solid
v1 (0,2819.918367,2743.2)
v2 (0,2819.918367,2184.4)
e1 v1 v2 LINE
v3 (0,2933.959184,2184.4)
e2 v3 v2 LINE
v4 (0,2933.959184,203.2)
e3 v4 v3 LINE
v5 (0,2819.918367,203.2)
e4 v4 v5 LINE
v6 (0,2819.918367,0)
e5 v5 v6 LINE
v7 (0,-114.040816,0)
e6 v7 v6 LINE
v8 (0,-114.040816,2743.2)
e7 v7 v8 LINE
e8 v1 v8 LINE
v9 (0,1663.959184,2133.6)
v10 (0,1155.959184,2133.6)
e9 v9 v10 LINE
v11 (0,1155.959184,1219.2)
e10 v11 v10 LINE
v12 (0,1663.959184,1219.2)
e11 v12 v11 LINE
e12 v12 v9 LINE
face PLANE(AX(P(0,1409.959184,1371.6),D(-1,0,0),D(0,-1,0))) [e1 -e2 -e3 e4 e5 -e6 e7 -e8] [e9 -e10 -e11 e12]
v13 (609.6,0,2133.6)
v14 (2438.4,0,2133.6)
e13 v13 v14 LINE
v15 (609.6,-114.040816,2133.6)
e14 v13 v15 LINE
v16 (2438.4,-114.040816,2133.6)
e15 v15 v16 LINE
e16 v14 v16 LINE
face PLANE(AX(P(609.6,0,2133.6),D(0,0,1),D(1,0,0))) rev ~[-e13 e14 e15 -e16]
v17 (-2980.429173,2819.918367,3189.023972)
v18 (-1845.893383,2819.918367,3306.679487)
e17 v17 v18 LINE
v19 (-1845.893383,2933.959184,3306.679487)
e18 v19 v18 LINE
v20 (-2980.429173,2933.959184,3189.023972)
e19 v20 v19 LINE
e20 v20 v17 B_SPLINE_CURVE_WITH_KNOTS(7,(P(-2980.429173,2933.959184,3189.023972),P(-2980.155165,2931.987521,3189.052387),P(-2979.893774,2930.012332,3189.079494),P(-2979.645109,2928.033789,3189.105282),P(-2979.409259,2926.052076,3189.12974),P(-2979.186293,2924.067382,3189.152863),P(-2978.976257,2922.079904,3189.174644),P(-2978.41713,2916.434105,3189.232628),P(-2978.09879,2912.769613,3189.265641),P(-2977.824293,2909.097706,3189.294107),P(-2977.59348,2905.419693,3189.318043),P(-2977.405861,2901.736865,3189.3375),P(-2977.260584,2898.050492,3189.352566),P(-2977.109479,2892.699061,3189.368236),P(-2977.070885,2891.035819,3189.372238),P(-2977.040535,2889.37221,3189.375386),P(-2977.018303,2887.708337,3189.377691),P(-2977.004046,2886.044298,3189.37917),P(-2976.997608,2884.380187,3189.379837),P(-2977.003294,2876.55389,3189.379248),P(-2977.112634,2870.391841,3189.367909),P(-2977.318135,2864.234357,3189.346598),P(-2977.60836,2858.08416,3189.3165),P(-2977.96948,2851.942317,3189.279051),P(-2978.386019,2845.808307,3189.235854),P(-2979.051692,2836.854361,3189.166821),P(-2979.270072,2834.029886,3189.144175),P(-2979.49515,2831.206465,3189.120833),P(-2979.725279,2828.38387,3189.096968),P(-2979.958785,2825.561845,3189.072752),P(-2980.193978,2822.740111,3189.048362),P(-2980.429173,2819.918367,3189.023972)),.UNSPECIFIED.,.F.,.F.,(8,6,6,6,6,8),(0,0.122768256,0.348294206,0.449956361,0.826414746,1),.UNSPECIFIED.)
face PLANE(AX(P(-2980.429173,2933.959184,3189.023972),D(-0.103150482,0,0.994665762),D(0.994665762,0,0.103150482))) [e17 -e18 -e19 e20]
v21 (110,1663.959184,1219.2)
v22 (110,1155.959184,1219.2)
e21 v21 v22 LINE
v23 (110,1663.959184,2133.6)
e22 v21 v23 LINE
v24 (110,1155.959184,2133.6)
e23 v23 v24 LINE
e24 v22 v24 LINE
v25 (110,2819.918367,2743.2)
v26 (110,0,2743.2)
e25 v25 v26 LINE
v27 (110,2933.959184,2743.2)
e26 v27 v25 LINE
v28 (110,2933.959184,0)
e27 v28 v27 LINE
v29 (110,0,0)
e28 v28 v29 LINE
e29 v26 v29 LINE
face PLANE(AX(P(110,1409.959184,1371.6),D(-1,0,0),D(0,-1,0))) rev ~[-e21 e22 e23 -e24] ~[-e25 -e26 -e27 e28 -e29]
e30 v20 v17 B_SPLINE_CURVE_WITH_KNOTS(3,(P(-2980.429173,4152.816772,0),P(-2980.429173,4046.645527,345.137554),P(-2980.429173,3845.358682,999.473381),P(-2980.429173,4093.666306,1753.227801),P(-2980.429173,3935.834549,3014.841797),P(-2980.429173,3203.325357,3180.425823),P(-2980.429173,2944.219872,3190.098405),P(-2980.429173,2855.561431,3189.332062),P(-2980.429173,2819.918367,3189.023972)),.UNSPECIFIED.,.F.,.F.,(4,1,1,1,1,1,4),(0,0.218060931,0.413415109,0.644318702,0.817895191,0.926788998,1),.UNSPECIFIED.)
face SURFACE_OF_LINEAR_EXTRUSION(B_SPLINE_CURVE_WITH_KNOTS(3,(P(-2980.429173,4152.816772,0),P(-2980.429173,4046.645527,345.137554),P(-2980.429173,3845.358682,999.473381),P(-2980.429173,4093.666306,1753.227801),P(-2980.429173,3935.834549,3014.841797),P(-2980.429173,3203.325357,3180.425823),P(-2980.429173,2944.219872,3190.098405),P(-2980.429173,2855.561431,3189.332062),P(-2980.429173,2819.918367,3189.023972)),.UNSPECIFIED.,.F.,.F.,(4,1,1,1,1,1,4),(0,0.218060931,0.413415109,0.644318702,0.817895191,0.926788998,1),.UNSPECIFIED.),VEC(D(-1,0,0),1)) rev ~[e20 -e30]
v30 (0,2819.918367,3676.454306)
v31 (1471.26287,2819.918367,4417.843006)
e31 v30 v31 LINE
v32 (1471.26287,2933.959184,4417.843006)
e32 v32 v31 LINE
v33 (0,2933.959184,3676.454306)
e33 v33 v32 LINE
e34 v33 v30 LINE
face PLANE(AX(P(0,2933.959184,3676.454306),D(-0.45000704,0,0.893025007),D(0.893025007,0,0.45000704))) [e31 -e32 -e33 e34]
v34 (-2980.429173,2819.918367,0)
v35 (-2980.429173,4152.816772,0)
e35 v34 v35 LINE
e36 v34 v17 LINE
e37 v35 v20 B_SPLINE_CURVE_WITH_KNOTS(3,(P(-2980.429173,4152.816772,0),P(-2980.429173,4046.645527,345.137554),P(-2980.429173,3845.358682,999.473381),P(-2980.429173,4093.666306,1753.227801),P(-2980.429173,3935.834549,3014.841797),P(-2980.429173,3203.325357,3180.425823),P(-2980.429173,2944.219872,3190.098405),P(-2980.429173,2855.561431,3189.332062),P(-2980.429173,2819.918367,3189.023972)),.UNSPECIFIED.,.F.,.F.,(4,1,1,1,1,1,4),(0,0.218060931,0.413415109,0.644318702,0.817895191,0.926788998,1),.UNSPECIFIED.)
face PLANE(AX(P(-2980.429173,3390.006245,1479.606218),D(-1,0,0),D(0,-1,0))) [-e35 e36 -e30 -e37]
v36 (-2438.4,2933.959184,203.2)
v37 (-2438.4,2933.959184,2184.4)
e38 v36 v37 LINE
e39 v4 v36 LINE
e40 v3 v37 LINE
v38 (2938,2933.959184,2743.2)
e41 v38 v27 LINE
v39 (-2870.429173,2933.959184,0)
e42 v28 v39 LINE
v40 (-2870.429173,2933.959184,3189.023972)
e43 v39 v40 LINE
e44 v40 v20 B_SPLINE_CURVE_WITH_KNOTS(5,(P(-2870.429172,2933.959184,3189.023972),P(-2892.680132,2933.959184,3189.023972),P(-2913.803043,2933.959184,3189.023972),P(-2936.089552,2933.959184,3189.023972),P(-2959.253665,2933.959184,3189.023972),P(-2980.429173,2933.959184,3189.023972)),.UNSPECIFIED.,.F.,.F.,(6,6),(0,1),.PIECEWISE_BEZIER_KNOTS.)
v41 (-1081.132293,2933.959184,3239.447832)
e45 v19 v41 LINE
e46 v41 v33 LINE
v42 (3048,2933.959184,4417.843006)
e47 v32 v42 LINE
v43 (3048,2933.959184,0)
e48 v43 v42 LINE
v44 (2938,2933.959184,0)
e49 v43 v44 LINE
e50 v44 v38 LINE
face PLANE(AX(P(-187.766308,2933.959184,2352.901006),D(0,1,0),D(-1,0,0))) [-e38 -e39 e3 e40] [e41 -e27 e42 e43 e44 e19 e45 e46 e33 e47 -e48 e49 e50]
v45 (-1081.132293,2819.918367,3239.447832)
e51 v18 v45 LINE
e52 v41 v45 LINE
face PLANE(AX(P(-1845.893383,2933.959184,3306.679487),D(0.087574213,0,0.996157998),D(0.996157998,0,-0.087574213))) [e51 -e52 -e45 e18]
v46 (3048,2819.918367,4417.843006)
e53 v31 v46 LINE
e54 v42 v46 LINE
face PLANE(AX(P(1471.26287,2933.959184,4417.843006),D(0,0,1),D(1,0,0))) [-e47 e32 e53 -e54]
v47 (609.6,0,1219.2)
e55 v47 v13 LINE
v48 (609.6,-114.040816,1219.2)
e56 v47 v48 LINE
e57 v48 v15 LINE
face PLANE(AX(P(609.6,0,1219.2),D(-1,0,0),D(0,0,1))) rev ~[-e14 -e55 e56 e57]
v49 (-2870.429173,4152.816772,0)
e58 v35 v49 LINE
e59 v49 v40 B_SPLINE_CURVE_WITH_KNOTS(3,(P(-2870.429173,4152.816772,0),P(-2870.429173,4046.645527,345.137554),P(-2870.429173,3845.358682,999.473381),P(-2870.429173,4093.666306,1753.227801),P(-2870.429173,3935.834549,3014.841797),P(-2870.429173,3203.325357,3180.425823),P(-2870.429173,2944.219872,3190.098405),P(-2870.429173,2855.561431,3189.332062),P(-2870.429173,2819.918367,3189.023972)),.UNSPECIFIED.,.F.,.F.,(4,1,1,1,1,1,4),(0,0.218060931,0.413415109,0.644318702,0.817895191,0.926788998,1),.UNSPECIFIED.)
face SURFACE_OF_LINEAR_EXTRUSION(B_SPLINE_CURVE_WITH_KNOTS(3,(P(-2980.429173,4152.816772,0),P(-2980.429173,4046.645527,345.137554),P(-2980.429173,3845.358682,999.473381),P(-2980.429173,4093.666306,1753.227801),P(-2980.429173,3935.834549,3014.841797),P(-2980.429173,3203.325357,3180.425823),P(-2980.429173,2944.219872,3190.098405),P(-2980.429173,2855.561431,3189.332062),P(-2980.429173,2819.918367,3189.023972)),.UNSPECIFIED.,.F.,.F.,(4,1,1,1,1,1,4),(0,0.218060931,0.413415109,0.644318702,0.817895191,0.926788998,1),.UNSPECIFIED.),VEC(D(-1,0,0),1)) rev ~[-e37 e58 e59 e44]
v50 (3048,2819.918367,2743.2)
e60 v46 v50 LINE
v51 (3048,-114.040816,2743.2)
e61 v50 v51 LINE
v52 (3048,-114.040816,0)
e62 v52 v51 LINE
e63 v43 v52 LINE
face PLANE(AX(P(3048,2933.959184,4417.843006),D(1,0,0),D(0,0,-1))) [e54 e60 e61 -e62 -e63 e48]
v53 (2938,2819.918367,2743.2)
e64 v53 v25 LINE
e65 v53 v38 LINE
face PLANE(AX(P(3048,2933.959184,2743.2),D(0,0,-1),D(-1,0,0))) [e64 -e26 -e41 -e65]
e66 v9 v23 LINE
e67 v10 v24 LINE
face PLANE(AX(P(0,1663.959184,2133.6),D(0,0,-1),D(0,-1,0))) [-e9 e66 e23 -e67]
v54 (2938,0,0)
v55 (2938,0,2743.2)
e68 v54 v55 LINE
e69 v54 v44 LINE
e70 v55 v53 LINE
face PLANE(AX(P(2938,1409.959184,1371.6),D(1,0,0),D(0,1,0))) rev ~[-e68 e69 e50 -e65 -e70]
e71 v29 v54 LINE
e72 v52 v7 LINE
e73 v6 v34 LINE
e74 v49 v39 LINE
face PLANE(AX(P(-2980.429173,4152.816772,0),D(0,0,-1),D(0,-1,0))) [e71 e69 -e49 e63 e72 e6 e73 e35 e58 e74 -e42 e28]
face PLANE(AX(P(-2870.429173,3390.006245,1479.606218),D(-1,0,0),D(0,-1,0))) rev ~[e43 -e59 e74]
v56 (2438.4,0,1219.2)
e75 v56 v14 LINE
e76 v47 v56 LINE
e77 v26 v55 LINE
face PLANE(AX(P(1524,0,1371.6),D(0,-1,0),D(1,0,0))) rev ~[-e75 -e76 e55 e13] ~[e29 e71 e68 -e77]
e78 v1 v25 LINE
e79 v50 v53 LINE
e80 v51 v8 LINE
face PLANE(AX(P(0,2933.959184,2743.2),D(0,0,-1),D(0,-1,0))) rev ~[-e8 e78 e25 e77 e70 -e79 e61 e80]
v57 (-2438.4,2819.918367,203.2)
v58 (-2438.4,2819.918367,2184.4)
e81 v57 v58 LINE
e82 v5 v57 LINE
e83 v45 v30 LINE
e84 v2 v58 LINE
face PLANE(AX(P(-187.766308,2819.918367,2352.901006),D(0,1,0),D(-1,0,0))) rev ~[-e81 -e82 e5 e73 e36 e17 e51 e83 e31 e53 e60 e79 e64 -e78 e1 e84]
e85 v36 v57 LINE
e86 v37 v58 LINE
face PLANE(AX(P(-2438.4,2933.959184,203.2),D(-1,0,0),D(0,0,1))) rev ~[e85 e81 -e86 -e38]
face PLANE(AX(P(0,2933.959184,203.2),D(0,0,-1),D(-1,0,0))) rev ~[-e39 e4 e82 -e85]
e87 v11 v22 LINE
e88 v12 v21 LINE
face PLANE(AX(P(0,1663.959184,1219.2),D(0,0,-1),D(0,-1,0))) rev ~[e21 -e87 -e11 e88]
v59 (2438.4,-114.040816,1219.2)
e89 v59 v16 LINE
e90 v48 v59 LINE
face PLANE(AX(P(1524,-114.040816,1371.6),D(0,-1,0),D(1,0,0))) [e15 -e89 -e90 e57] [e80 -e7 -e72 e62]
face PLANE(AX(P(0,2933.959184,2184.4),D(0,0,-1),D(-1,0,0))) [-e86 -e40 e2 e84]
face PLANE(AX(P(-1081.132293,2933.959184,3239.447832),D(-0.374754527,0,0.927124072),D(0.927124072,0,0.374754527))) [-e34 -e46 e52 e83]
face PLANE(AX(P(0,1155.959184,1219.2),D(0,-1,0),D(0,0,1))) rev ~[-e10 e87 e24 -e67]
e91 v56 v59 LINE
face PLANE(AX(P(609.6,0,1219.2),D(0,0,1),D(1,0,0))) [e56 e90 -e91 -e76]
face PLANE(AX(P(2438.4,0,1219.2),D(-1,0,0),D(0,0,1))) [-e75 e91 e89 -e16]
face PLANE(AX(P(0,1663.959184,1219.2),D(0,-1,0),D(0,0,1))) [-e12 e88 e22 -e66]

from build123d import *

# Parameters (mm, degrees)
F0_W      = 3048
F0_H      = 2743.2
F0_W_2    = 1828.8
F0_H_2    = 914.4
F1_DEPTH  = 114.0408163265
F2_W      = 3048
F2_H      = 2743.2
F2_W_2    = 508
F2_H_2    = 914.4
F3_DEPTH  = 110
F4_W      = 3048
F4_H      = 2743.2
F5_DEPTH  = 110
F7_DEPTH  = 114.0408163265
F8_W      = 2438.4
F8_H      = 1981.2
F9_DEPTH  = 127
F12_DEPTH = 110


with BuildPart() as f1:
    # F0 (on Front) → F1 (new body)
    with BuildSketch(Plane.XZ):
        with Locations((1524, 1371.6)):
            Rectangle(F0_W, F0_H)
        with Locations((1524, 1676.4)):
            Rectangle(F0_W_2, F0_H_2, mode=Mode.SUBTRACT)
    extrude(amount=F1_DEPTH)

    # F2 (on face) → F3 (join)
    with BuildSketch(Plane(origin=(0, 0, 0), x_dir=(0, -1, 0), z_dir=(-1, 0, 0))):
        with Locations((-1409.9591836735, 1371.6)):
            Rectangle(F2_W, F2_H)
        with Locations((-1409.9591836735, 1676.4)):
            Rectangle(F2_W_2, F2_H_2, mode=Mode.SUBTRACT)
    extrude(amount=-F3_DEPTH)

    # F4 (on face) → F5 (join)
    with BuildSketch(Plane.YZ.offset(3048)):
        with Locations((1409.9591836735, 1371.6)):
            Rectangle(F4_W, F4_H)
    extrude(amount=-F5_DEPTH)

    # F6 (on face) → F7 (join)
    with BuildSketch(Plane(origin=(0, 2933.9591836735, 0), x_dir=(-1, 0, 0), z_dir=(0, 1, 0))):
        Polygon((-3048, 4417.843005844), (-3048, 2743.2), (-67.5708274841, 2743.2), (-67.5708274841, 0), (2980.4291725159, 0), (2980.4291725159, 3189.0239715576), (1845.8933830261, 3306.6794872284), (1081.1322927475, 3239.4478321075), (0, 3676.4543056488), (-1184.2903689057, 4273.2337903926), (-1471.2628696237, 4417.843005844), align=None)
    extrude(amount=-F7_DEPTH)


with BuildPart() as f9:
    # F8 (on face) → F9 (new body)
    with BuildSketch(Plane(origin=(0, 2933.9591836735, 0), x_dir=(-1, 0, 0), z_dir=(0, 1, 0))):
        with Locations((1219.2, 1193.8)):
            Rectangle(F8_W, F8_H)
    extrude(amount=-F9_DEPTH)


with BuildPart() as f1_1:
    add(f1.part)

    # F10: cut F9
    add(f9.part, mode=Mode.SUBTRACT)

    # F11 (on face) → F12 (join)
    with BuildSketch(Plane(origin=(-2980.4291725159, 0, 0), x_dir=(0, -1, 0), z_dir=(-1, 0, 0))):
        with BuildLine():
            Line((-4152.8167724609, 0), (-2819.9183673469, 0))
            Line((-2819.9183673469, 0), (-2819.9183673469, 3189.0239715576))
            add(Edge.make_bspline(
                [(-4152.8167724609, 0), (-4046.6455273188, 345.1375544833), (-3845.3586822183, 999.4733812377), (-4093.6663057218, 1753.2278007654), (-3935.8345487708, 3014.8417967905), (-3203.3253565399, 3180.4258230661), (-2944.2198722565, 3190.0984045413), (-2855.5614309803, 3189.3320618196), (-2819.9183673469, 3189.0239715576)],
                knots=[0, 0, 0, 0, 0.2180609313, 0.4134151091, 0.644318702, 0.8178951913, 0.9267889984, 1, 1, 1, 1], degree=3))
        make_face()
    extrude(amount=-F12_DEPTH)


solid = f1_1.part
